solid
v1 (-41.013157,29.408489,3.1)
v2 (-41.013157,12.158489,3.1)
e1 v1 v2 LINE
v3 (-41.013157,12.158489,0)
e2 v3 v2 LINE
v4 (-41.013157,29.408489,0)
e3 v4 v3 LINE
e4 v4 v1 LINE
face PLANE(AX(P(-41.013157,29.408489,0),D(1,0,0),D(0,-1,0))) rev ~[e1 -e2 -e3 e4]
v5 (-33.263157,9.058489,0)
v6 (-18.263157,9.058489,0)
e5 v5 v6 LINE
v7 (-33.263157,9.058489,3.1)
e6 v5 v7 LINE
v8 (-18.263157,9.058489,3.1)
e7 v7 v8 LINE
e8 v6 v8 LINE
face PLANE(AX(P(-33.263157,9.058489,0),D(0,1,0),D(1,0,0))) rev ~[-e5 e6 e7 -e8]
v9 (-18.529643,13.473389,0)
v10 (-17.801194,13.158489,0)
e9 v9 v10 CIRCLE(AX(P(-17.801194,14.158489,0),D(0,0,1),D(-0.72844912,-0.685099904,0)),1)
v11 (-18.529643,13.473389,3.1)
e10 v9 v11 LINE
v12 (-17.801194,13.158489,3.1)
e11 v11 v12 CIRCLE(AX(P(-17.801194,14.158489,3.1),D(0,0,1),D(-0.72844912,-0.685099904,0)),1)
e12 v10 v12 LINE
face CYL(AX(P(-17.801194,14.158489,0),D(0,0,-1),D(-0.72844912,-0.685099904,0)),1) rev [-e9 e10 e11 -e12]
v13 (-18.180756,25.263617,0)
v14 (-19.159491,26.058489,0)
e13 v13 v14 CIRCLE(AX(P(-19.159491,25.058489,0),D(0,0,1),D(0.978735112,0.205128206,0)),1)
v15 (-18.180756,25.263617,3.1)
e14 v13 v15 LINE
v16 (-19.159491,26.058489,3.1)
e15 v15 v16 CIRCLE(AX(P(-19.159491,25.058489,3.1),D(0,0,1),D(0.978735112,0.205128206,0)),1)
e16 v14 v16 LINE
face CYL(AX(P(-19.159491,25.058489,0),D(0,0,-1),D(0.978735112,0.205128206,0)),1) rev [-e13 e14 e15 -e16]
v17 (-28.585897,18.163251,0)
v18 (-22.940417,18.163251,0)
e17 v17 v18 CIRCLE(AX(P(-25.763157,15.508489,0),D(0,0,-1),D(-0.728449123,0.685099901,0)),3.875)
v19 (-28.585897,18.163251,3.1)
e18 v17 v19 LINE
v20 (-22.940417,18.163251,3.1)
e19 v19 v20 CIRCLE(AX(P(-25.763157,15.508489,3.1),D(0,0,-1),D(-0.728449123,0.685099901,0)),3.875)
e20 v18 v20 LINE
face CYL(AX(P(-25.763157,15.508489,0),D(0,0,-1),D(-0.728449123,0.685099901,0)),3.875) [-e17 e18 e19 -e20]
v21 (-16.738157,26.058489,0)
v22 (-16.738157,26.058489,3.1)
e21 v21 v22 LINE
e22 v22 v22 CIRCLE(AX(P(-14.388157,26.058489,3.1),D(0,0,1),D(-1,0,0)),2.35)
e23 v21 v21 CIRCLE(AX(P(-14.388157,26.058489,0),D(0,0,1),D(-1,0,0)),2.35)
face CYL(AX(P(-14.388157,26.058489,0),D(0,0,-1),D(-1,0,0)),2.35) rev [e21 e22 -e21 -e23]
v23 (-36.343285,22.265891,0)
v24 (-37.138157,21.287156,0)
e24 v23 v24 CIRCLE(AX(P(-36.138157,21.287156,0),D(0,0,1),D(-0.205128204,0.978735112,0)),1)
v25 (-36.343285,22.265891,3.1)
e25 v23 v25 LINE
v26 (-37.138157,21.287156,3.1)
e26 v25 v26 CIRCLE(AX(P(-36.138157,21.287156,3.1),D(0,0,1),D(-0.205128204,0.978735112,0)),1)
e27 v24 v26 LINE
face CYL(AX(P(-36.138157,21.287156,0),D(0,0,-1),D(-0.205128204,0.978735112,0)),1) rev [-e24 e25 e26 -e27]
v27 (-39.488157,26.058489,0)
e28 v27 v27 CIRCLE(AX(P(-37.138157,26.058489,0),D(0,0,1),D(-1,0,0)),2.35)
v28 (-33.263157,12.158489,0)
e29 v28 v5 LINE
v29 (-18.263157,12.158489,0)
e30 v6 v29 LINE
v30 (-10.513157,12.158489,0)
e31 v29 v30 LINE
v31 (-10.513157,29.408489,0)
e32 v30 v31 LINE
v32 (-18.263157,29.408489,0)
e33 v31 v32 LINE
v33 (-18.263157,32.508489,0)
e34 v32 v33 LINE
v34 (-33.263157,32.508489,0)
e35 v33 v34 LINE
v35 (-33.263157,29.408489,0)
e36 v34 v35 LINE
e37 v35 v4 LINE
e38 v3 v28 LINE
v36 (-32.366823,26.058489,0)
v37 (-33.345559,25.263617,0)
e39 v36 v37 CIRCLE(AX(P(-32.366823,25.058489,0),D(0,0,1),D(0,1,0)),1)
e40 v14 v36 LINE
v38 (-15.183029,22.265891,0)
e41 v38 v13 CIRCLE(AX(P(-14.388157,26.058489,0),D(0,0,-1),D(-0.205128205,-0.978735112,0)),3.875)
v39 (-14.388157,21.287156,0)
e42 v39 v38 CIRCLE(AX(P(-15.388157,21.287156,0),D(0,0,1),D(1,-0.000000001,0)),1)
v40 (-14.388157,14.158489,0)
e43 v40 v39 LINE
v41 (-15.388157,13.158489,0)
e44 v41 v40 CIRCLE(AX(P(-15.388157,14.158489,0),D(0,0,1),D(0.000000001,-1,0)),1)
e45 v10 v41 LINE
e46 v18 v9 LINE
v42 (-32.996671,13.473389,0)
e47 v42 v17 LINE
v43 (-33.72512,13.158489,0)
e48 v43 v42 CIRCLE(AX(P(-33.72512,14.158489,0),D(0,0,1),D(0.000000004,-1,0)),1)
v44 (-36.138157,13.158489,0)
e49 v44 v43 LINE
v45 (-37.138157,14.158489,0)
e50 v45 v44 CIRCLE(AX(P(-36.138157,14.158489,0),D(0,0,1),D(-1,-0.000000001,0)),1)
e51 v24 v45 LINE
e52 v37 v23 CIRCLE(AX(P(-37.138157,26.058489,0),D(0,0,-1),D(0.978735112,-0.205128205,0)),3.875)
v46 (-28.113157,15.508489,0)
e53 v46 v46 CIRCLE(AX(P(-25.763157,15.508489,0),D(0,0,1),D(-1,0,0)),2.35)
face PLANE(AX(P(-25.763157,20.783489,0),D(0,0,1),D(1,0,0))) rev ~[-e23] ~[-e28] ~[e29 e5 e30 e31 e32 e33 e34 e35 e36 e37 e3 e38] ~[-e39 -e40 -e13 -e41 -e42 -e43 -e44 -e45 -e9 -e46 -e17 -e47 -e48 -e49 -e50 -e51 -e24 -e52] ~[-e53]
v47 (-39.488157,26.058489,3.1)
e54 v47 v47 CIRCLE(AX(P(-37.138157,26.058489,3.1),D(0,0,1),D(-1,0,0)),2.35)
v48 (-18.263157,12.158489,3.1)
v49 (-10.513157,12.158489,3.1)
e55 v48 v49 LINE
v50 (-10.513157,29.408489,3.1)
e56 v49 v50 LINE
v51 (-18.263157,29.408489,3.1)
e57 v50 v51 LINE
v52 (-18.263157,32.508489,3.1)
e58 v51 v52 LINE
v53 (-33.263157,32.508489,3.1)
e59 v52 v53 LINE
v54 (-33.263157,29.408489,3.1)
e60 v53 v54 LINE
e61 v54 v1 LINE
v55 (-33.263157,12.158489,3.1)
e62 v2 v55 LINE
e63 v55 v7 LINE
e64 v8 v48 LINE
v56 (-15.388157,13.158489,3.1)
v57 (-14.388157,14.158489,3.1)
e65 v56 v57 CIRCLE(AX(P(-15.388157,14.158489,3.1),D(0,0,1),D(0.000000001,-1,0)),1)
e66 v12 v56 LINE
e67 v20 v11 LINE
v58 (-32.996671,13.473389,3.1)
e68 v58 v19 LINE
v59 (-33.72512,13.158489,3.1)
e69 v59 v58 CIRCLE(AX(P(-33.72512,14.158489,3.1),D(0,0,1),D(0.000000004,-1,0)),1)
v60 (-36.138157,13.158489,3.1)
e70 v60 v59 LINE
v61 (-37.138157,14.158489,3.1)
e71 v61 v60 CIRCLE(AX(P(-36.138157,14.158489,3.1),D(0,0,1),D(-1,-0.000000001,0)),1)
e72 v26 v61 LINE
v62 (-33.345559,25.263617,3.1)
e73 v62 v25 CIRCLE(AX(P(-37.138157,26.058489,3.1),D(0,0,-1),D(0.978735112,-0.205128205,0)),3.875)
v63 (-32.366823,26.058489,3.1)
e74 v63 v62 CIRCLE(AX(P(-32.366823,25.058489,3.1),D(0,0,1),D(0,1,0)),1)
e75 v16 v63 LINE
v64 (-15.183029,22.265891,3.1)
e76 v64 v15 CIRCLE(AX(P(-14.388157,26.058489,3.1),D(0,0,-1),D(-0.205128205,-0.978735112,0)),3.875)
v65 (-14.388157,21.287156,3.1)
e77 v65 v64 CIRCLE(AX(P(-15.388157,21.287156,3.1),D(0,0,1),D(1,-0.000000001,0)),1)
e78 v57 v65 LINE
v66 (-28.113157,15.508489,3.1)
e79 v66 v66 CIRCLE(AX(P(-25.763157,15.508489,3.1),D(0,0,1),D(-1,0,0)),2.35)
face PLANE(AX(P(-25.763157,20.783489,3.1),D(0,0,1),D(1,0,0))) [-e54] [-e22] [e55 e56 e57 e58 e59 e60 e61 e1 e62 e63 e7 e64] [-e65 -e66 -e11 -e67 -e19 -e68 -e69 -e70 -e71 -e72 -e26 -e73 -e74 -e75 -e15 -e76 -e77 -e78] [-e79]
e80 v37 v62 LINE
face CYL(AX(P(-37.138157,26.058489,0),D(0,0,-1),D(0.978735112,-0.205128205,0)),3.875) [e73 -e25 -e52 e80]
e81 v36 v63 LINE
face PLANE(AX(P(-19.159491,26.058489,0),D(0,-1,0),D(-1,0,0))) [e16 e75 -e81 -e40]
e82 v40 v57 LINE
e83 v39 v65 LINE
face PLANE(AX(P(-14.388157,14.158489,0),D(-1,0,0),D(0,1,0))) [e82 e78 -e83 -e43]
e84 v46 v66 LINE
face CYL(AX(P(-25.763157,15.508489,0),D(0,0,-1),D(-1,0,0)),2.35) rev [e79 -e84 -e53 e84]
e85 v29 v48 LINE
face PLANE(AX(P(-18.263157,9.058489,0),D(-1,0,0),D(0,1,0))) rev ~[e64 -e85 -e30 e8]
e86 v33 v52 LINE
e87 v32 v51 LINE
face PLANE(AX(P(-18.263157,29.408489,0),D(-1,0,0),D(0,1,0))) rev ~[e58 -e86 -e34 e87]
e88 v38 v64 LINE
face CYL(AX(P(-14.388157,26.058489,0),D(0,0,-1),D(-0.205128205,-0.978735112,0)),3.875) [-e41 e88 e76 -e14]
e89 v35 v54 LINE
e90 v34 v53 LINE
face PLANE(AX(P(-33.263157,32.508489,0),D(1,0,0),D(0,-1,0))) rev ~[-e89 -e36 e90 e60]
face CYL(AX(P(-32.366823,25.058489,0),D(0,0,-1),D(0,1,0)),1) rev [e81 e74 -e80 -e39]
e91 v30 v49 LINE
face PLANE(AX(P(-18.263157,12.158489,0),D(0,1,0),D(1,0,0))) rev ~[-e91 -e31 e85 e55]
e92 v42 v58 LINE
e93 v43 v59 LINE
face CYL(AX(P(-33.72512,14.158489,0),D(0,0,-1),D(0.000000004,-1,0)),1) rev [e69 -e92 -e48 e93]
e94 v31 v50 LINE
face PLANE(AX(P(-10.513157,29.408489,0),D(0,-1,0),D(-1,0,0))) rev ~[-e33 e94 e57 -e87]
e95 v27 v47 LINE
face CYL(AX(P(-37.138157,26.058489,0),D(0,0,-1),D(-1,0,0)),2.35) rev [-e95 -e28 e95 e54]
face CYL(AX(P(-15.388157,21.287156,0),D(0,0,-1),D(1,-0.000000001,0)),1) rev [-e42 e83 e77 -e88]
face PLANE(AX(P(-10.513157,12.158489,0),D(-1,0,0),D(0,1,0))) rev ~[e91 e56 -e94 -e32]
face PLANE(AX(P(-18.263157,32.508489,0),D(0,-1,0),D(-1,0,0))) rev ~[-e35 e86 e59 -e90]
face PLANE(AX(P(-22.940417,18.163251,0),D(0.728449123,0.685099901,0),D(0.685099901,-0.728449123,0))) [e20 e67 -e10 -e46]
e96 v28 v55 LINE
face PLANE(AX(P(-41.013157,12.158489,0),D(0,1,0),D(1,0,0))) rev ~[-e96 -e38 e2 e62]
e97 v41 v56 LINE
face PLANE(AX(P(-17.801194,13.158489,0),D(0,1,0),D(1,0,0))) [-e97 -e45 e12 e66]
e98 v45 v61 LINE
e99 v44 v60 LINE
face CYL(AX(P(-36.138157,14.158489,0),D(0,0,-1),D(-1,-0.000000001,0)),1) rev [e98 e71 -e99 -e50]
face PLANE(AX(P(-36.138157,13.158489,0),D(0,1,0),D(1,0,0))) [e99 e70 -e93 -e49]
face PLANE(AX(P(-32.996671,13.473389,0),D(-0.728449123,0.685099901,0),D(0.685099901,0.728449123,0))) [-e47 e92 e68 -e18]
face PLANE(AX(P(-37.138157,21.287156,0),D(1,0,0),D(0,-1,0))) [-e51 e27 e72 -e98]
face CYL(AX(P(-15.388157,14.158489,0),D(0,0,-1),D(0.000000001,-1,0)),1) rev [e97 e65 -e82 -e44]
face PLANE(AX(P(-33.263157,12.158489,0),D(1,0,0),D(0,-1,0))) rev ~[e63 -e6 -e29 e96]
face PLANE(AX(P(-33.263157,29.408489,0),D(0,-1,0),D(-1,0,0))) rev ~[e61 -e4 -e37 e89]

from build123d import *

# Parameters (mm, degrees)
SKETCH1_R      = 2.35
EXTRUDE1_DEPTH = 3.1


with BuildPart() as part:
    # Sketch1 → Extrude1 (new body)
    with BuildSketch(Plane.XY):
        Polygon((-33.263157114, 29.408489293), (-41.013157114, 29.408489293), (-41.013157114, 12.158489293), (-33.263157114, 12.158489293), (-33.263157114, 9.058489293), (-18.263157114, 9.058489293), (-18.263157114, 12.158489293), (-10.513157114, 12.158489293), (-10.513157114, 29.408489293), (-18.263157114, 29.408489293), (-18.263157114, 32.508489293), (-33.263157114, 32.508489293), align=None)
        with Locations(Location((-14.388157114, 26.058489293, 0), (0, 0, 180))):
            Circle(SKETCH1_R, mode=Mode.SUBTRACT)
        with Locations(Location((-37.138157114, 26.058489293, 0), (0, 0, 180))):
            Circle(SKETCH1_R, mode=Mode.SUBTRACT)
        with Locations(Location((-25.763157114, 15.508489293, 0), (0, 0, 180))):
            Circle(SKETCH1_R, mode=Mode.SUBTRACT)
        with BuildLine():
            Line((-37.138157114, 21.287155622), (-37.138157114, 14.158489293))
            ThreePointArc((-37.138157114, 14.158489293), (-36.845263895, 13.451382512), (-36.138157114, 13.158489293))
            Line((-36.138157114, 13.158489293), (-33.725119975, 13.158489293))
            ThreePointArc((-33.725119975, 13.158489293), (-33.328320215, 13.240584097), (-32.996670851, 13.473389392))
            Line((-32.996670851, 13.473389392), (-28.585897467, 18.16325141))
            ThreePointArc((-28.585897467, 18.16325141), (-25.763157114, 19.383489293), (-22.940416761, 18.16325141))
            Line((-22.940416761, 18.16325141), (-18.529643377, 13.473389392))
            ThreePointArc((-18.529643377, 13.473389392), (-18.197994013, 13.240584097), (-17.801194253, 13.158489293))
            Line((-17.801194253, 13.158489293), (-15.388157114, 13.158489293))
            ThreePointArc((-15.388157114, 13.158489293), (-14.681050333, 13.451382512), (-14.388157114, 14.158489293))
            Line((-14.388157114, 14.158489293), (-14.388157114, 21.287155622))
            ThreePointArc((-14.388157114, 21.287155622), (-14.611907088, 21.917580794), (-15.183028909, 22.265890734))
            ThreePointArc((-15.183028909, 22.265890734), (-17.128195891, 23.318450516), (-18.180755673, 25.263617499))
            ThreePointArc((-18.180755673, 25.263617499), (-18.529065613, 25.834739319), (-19.159490785, 26.058489293))
            Line((-19.159490785, 26.058489293), (-32.366823443, 26.058489293))
            ThreePointArc((-32.366823443, 26.058489293), (-32.997248615, 25.834739319), (-33.345558555, 25.263617499))
            ThreePointArc((-33.345558555, 25.263617499), (-34.398118337, 23.318450516), (-36.343285319, 22.265890734))
            ThreePointArc((-36.343285319, 22.265890734), (-36.91440714, 21.917580794), (-37.138157114, 21.287155622))
        make_face(mode=Mode.SUBTRACT)
    extrude(amount=EXTRUDE1_DEPTH)


solid = part.part
